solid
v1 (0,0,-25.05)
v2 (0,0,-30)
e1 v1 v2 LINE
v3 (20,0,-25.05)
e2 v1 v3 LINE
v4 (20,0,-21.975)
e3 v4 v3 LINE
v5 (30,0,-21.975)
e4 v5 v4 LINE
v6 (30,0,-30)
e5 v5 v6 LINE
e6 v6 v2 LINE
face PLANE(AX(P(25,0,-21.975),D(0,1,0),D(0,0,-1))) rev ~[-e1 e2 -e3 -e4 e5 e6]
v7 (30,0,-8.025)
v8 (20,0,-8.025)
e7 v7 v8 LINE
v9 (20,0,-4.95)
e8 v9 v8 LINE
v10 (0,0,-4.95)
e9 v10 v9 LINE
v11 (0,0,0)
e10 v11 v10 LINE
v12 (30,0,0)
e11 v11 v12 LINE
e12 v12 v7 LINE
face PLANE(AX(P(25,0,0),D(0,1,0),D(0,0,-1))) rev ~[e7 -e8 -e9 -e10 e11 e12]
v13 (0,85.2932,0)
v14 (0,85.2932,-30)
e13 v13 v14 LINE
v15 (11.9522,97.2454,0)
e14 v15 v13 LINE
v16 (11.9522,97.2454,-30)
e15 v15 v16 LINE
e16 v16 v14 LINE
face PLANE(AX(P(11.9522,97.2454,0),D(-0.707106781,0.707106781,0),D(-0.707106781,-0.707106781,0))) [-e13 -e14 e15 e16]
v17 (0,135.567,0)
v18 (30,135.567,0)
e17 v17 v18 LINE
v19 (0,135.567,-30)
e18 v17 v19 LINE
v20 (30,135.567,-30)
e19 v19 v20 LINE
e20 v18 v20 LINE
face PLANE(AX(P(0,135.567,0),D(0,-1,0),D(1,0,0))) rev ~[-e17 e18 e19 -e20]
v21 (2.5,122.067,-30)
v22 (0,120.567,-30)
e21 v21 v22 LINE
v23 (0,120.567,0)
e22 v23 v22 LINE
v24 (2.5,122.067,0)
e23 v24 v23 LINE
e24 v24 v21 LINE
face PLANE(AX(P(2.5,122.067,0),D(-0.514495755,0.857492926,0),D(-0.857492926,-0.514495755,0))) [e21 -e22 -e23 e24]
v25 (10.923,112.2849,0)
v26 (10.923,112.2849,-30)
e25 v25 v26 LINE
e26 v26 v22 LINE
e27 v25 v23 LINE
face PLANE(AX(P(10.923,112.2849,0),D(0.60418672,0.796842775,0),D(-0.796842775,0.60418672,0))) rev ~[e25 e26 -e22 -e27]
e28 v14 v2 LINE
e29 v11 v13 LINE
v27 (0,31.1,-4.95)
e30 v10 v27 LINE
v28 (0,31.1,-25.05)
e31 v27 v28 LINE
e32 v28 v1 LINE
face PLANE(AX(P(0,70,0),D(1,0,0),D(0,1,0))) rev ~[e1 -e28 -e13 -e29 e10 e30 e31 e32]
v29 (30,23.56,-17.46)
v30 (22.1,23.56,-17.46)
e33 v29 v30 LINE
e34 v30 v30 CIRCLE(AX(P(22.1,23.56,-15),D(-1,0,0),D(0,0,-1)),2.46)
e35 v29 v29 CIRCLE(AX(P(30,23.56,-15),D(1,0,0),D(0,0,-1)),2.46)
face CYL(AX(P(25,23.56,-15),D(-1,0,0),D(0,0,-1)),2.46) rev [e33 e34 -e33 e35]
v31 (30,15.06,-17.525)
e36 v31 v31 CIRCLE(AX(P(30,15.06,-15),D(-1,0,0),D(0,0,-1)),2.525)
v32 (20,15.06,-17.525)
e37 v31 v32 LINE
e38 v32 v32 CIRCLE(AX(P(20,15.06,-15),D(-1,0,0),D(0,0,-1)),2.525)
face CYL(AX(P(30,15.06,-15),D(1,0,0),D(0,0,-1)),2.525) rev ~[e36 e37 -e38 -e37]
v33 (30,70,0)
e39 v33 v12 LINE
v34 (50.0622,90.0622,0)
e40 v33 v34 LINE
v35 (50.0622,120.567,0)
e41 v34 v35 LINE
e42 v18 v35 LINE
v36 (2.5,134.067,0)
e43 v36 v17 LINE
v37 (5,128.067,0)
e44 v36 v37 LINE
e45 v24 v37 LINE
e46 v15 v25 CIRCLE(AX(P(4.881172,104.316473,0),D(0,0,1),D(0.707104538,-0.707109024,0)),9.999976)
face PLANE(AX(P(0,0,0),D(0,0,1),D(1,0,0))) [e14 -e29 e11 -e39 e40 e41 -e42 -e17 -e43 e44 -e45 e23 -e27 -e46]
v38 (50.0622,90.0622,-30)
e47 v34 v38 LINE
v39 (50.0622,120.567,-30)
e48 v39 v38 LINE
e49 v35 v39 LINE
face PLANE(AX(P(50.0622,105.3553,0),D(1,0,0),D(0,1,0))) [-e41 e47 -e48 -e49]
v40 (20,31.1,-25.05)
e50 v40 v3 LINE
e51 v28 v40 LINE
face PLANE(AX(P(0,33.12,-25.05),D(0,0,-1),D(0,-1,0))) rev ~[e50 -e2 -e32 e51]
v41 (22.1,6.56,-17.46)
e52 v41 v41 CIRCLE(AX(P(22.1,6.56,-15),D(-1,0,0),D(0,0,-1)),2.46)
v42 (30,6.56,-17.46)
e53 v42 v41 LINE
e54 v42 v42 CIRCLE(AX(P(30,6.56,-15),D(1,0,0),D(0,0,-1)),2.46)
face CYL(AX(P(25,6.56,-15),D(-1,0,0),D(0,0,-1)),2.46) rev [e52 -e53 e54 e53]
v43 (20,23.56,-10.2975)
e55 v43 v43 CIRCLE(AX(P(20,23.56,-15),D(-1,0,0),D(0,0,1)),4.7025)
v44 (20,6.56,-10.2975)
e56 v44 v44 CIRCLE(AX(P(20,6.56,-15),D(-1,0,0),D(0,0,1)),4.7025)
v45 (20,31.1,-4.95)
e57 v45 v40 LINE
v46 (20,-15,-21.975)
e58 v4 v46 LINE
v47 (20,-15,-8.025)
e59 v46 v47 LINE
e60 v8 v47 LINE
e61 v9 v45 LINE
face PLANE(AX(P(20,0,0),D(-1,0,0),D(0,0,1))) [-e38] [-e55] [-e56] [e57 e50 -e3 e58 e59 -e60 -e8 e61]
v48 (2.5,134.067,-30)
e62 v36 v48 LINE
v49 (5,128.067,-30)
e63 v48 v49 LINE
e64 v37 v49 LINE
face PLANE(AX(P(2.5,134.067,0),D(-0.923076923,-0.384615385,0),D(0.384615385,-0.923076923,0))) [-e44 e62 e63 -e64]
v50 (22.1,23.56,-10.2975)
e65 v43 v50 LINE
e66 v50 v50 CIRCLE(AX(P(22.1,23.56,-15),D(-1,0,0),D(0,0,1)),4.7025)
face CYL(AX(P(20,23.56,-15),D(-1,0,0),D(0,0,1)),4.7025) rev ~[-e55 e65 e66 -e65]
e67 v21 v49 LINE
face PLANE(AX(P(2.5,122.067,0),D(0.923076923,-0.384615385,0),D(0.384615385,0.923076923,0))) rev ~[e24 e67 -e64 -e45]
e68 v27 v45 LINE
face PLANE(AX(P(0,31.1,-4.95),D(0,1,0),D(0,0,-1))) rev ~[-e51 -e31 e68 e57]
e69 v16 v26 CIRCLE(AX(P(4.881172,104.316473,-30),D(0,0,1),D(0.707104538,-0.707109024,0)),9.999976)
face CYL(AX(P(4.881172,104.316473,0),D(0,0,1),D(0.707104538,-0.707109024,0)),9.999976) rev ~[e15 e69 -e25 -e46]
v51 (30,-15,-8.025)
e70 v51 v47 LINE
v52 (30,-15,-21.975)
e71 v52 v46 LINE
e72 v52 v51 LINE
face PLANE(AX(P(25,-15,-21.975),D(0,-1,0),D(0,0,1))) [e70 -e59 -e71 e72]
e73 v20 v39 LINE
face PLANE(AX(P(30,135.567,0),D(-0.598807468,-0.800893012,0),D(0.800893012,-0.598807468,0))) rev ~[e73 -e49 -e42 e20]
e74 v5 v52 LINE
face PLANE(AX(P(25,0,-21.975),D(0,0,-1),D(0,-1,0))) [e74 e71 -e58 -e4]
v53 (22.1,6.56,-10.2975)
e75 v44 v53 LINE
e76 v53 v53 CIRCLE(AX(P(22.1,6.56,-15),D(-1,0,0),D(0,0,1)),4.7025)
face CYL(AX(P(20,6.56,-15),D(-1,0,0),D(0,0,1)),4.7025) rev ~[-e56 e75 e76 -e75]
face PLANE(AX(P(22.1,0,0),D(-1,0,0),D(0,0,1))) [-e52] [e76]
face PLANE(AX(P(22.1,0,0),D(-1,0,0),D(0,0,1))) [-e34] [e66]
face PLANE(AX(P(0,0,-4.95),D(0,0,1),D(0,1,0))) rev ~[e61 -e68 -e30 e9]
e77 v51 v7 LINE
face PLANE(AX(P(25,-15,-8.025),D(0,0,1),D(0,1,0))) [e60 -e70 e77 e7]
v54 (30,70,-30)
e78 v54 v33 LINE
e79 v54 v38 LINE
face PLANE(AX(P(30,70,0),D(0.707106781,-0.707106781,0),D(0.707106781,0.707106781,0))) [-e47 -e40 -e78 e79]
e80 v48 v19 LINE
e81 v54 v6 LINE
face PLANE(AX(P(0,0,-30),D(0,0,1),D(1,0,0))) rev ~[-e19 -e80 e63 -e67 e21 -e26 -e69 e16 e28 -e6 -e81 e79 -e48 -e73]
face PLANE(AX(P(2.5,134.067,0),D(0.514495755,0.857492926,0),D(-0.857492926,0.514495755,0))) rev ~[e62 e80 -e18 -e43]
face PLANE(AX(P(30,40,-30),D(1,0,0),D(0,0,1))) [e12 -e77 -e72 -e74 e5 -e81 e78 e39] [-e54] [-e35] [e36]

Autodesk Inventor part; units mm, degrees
ref_plane "YZ Plane" through (0, 0, 0) normal (1, 0, 0) x (0, 1, 0)
ref_plane "XZ Plane" through (0, 0, 0) normal (0, 1, 0) x (-1, 0, 0)
ref_plane "XY Plane" through (0, 0, 0) normal (0, 0, 1) x (1, 0, 0)
sketch "Sketch1" plane through (0, 0, 0) normal (0, 0, 1) x (1, 0, 0)
  line L0 (0, 0) -> (25, 0)
  line L1 (25, 0) -> (25, 40)
  line L2 (25, 40) -> (0, 40)
  line L3 (0, 40) -> (0, 0)
  dimension "d1" = 25
  dimension "d2" = 40
  dimension "d3" = 25
extrude "Extrusion1" add sketch "Sketch1" against normal blind 30
sketch "Sketch2" plane through (25, 0, 0) normal (1, 0, 0) x (0, 0, -1)
  line L0 (0, 0) -> (30, 0) projected
  circle A0 centre (15, 6.56) radius 2.46
extrude "Extrusion2" cut sketch "Sketch2" against normal blind 30
sketch "Sketch3" plane through (0, 0, 0) normal (-1, 0, 0) x (0, 0, 1)
  line L0 (0, 0) -> (-30, 0) projected
  line L1 (-25.05, 0) -> (-4.95, 0)
  line L2 (-4.95, 0) -> (-4.95, 33.12)
  line L3 (-4.95, 33.12) -> (-25.05, 33.12)
  line L4 (-25.05, 33.12) -> (-25.05, 0)
  dimension "d11" = 20.1
extrude "Extrusion3" cut sketch "Sketch3" against normal blind 20
sketch "Sketch4" plane through (0, 0, 0) normal (0, -1, 0) x (1, 0, 0)
  line L0 (20, -4.95) -> (20, -25.05) projected
  line L1 (20, -15) -> (25, -15)
  line L2 (25, 0) -> (25, -30) projected
  line L3 (20, -8.025) -> (25, -8.025)
  line L4 (25, -8.025) -> (25, -21.975)
  line L5 (25, -21.975) -> (20, -21.975)
  line L6 (20, -21.975) -> (20, -8.025)
  line L7 (20, -8.025) -> (25, -21.975) construction
  line L8 (25, -8.025) -> (20, -21.975) construction
  line L9 (25, -12.54) -> (25, -17.46) projected
  point P0 (0, 0)
  point P1 (22.5, -15)
  dimension "d14" = 13.95
extrude "Extrusion4" add sketch "Sketch4" along normal blind 15
sketch "Sketch5" plane through (20, 0, 0) normal (-1, 0, 0) x (0, 0, 1)
  circle A0 centre (-15, 6.56) radius 2.46 projected
  circle A1 centre (-15, 6.56) radius 4.7025
  circle A2 centre (-15, 6.56) radius 2.46 projected
  circle A3 centre (-15, 6.56) radius 2.46
  point P0 (0, 0)
  dimension "d17" = 9.405
extrude "Extrusion5" cut sketch "Sketch5" against normal blind 2.1
sketch "Sketch6" plane through (25, 0, 0) normal (1, 0, 0) x (0, 0, -1)
  circle A0 centre (15, 6.56) radius 4.7025 projected
  line L0 (15, 6.56) -> (15, 23.56)
  circle A1 centre (15, 23.56) radius 2.46
  point P0 (0, 0)
  dimension "d20" = 17
  dimension "d21" = 4.92
extrude "Extrusion6" cut sketch "Sketch6" against normal blind 10 contours A1
sketch "Sketch7" plane through (20, 0, 0) normal (-1, 0, 0) x (0, 0, 1)
  circle A0 centre (-15, 23.56) radius 2.46 projected
  circle A1 centre (-15, 23.56) radius 4.7025
  point P0 (0, 0)
  dimension "d24" = 9.405
extrude "Extrusion7" cut sketch "Sketch7" against normal blind 2.1
sketch "Sketch9" plane through (25, 0, 0) normal (1, 0, 0) x (0, 0, -1)
  circle A0 centre (15, 6.56) radius 2.46 projected
  circle A1 centre (15, 6.56) radius 2.46
  circle A2 centre (15, 23.56) radius 2.46 projected
  circle A3 centre (15, 23.56) radius 2.46
  line L0 (30, 40) -> (30, 0) projected
  line L1 (30, 0) -> (30, 40)
  line L2 (30, 40) -> (0, 40)
  line L3 (0, 40) -> (0, 0)
  line L4 (0, 0) -> (8.025, 0) projected
  line L5 (21.975, 0) -> (21.975, -15)
  line L6 (21.975, -15) -> (8.025, -15)
  line L7 (8.025, -15) -> (8.025, 0)
  line L8 (0, 0) -> (8.025, 0)
  line L9 (21.975, 0) -> (30, 0)
extrude "Extrusion8" add sketch "Sketch9" along normal blind 5
sketch "Sketch10" plane through (0, 40, 0) normal (0, 1, 0) x (1, 0, 0)
  line L0 (0, 30) -> (30, 30) projected
  line L1 (30, 0) -> (0, 0) projected
  line L2 (0, 30) -> (30, 30)
  line L3 (30, 30) -> (30, 0)
  line L4 (30, 0) -> (0, 0)
  line L5 (0, 0) -> (0, 30)
extrude "Extrusion9" add sketch "Sketch10" along normal blind 30
sketch "Sketch12" plane through (30, 0, 0) normal (1, 0, 0) x (0, 0, -1)
  circle A0 centre (15, 6.56) radius 2.46 projected
  line L0 (15, 6.56) -> (15, 15.06)
  circle A1 centre (15, 15.06) radius 2.525
  point P0 (0, 0)
  dimension "d31" = 8.5
  dimension "d33" = 5.05
extrude "Extrusion10" cut sketch "Sketch12" against normal blind 30 contours A1
sketch "Sketch15" plane through (0, 0, -25.05) normal (-1, 0, 0) x (0, 0, 1)
  line L0 (0, 33.12) -> (20.1, 33.12) projected
  line L1 (20.1, 33.12) -> (20.1, 0) projected
  line L2 (0, 33.12) -> (20.1, 33.12)
  line L3 (20.1, 33.12) -> (20.1, 31.1)
  line L4 (20.1, 31.1) -> (0, 31.1)
  line L5 (0, 31.1) -> (0, 33.12)
  point P0 (25.05, 0)
  dimension "d57" = 2.02
extrude "Extrusion13" add sketch "Sketch15" against normal blind 20
sketch "Sketch17" plane through (0, 0, 0) normal (0, 0, 1) x (1, 0, 0)
  line L0 (0, 70) -> (30, 70) projected
  line L1 (30, 70) -> (50.0622, 90.0622)
  line L2 (30, 70) -> (80, 70) construction
  line L3 (11.9522, 97.2454) -> (0, 85.2932)
  line L4 (0, 70) -> (0, 85.2932)
  line L5 (0, 70) -> (0, 0) projected
  line L6 (0, 70) -> (30, 70)
  line L7 (10.923, 112.2849) -> (0, 120.567)
  line L8 (2.5, 134.067) -> (0, 135.567)
  line L9 (2.5, 134.067) -> (5, 128.067)
  line L10 (2.5, 122.067) -> (0, 120.567)
  line L11 (2.5, 122.067) -> (5, 128.067)
  line L12 (50.0622, 105.3553) -> (50.0622, 120.567)
  line L13 (50.0622, 105.3553) -> (50.0622, 90.0622)
  line L14 (0, 135.567) -> (30, 135.567)
  line L15 (30, 135.567) -> (50.0622, 120.567)
  arc A0 (11.9522, 97.2454) -> (10.923, 112.2849) centre (4.8811, 104.3165) ccw
  dimension "d61" = 45
  dimension "d62" = 32.0271
  dimension "d71" = 30
  dimension "d72" = 10
extrude "Extrusion14" add sketch "Sketch17" against normal blind 30
properties part number "rec_c_12mm_x_30mm"
